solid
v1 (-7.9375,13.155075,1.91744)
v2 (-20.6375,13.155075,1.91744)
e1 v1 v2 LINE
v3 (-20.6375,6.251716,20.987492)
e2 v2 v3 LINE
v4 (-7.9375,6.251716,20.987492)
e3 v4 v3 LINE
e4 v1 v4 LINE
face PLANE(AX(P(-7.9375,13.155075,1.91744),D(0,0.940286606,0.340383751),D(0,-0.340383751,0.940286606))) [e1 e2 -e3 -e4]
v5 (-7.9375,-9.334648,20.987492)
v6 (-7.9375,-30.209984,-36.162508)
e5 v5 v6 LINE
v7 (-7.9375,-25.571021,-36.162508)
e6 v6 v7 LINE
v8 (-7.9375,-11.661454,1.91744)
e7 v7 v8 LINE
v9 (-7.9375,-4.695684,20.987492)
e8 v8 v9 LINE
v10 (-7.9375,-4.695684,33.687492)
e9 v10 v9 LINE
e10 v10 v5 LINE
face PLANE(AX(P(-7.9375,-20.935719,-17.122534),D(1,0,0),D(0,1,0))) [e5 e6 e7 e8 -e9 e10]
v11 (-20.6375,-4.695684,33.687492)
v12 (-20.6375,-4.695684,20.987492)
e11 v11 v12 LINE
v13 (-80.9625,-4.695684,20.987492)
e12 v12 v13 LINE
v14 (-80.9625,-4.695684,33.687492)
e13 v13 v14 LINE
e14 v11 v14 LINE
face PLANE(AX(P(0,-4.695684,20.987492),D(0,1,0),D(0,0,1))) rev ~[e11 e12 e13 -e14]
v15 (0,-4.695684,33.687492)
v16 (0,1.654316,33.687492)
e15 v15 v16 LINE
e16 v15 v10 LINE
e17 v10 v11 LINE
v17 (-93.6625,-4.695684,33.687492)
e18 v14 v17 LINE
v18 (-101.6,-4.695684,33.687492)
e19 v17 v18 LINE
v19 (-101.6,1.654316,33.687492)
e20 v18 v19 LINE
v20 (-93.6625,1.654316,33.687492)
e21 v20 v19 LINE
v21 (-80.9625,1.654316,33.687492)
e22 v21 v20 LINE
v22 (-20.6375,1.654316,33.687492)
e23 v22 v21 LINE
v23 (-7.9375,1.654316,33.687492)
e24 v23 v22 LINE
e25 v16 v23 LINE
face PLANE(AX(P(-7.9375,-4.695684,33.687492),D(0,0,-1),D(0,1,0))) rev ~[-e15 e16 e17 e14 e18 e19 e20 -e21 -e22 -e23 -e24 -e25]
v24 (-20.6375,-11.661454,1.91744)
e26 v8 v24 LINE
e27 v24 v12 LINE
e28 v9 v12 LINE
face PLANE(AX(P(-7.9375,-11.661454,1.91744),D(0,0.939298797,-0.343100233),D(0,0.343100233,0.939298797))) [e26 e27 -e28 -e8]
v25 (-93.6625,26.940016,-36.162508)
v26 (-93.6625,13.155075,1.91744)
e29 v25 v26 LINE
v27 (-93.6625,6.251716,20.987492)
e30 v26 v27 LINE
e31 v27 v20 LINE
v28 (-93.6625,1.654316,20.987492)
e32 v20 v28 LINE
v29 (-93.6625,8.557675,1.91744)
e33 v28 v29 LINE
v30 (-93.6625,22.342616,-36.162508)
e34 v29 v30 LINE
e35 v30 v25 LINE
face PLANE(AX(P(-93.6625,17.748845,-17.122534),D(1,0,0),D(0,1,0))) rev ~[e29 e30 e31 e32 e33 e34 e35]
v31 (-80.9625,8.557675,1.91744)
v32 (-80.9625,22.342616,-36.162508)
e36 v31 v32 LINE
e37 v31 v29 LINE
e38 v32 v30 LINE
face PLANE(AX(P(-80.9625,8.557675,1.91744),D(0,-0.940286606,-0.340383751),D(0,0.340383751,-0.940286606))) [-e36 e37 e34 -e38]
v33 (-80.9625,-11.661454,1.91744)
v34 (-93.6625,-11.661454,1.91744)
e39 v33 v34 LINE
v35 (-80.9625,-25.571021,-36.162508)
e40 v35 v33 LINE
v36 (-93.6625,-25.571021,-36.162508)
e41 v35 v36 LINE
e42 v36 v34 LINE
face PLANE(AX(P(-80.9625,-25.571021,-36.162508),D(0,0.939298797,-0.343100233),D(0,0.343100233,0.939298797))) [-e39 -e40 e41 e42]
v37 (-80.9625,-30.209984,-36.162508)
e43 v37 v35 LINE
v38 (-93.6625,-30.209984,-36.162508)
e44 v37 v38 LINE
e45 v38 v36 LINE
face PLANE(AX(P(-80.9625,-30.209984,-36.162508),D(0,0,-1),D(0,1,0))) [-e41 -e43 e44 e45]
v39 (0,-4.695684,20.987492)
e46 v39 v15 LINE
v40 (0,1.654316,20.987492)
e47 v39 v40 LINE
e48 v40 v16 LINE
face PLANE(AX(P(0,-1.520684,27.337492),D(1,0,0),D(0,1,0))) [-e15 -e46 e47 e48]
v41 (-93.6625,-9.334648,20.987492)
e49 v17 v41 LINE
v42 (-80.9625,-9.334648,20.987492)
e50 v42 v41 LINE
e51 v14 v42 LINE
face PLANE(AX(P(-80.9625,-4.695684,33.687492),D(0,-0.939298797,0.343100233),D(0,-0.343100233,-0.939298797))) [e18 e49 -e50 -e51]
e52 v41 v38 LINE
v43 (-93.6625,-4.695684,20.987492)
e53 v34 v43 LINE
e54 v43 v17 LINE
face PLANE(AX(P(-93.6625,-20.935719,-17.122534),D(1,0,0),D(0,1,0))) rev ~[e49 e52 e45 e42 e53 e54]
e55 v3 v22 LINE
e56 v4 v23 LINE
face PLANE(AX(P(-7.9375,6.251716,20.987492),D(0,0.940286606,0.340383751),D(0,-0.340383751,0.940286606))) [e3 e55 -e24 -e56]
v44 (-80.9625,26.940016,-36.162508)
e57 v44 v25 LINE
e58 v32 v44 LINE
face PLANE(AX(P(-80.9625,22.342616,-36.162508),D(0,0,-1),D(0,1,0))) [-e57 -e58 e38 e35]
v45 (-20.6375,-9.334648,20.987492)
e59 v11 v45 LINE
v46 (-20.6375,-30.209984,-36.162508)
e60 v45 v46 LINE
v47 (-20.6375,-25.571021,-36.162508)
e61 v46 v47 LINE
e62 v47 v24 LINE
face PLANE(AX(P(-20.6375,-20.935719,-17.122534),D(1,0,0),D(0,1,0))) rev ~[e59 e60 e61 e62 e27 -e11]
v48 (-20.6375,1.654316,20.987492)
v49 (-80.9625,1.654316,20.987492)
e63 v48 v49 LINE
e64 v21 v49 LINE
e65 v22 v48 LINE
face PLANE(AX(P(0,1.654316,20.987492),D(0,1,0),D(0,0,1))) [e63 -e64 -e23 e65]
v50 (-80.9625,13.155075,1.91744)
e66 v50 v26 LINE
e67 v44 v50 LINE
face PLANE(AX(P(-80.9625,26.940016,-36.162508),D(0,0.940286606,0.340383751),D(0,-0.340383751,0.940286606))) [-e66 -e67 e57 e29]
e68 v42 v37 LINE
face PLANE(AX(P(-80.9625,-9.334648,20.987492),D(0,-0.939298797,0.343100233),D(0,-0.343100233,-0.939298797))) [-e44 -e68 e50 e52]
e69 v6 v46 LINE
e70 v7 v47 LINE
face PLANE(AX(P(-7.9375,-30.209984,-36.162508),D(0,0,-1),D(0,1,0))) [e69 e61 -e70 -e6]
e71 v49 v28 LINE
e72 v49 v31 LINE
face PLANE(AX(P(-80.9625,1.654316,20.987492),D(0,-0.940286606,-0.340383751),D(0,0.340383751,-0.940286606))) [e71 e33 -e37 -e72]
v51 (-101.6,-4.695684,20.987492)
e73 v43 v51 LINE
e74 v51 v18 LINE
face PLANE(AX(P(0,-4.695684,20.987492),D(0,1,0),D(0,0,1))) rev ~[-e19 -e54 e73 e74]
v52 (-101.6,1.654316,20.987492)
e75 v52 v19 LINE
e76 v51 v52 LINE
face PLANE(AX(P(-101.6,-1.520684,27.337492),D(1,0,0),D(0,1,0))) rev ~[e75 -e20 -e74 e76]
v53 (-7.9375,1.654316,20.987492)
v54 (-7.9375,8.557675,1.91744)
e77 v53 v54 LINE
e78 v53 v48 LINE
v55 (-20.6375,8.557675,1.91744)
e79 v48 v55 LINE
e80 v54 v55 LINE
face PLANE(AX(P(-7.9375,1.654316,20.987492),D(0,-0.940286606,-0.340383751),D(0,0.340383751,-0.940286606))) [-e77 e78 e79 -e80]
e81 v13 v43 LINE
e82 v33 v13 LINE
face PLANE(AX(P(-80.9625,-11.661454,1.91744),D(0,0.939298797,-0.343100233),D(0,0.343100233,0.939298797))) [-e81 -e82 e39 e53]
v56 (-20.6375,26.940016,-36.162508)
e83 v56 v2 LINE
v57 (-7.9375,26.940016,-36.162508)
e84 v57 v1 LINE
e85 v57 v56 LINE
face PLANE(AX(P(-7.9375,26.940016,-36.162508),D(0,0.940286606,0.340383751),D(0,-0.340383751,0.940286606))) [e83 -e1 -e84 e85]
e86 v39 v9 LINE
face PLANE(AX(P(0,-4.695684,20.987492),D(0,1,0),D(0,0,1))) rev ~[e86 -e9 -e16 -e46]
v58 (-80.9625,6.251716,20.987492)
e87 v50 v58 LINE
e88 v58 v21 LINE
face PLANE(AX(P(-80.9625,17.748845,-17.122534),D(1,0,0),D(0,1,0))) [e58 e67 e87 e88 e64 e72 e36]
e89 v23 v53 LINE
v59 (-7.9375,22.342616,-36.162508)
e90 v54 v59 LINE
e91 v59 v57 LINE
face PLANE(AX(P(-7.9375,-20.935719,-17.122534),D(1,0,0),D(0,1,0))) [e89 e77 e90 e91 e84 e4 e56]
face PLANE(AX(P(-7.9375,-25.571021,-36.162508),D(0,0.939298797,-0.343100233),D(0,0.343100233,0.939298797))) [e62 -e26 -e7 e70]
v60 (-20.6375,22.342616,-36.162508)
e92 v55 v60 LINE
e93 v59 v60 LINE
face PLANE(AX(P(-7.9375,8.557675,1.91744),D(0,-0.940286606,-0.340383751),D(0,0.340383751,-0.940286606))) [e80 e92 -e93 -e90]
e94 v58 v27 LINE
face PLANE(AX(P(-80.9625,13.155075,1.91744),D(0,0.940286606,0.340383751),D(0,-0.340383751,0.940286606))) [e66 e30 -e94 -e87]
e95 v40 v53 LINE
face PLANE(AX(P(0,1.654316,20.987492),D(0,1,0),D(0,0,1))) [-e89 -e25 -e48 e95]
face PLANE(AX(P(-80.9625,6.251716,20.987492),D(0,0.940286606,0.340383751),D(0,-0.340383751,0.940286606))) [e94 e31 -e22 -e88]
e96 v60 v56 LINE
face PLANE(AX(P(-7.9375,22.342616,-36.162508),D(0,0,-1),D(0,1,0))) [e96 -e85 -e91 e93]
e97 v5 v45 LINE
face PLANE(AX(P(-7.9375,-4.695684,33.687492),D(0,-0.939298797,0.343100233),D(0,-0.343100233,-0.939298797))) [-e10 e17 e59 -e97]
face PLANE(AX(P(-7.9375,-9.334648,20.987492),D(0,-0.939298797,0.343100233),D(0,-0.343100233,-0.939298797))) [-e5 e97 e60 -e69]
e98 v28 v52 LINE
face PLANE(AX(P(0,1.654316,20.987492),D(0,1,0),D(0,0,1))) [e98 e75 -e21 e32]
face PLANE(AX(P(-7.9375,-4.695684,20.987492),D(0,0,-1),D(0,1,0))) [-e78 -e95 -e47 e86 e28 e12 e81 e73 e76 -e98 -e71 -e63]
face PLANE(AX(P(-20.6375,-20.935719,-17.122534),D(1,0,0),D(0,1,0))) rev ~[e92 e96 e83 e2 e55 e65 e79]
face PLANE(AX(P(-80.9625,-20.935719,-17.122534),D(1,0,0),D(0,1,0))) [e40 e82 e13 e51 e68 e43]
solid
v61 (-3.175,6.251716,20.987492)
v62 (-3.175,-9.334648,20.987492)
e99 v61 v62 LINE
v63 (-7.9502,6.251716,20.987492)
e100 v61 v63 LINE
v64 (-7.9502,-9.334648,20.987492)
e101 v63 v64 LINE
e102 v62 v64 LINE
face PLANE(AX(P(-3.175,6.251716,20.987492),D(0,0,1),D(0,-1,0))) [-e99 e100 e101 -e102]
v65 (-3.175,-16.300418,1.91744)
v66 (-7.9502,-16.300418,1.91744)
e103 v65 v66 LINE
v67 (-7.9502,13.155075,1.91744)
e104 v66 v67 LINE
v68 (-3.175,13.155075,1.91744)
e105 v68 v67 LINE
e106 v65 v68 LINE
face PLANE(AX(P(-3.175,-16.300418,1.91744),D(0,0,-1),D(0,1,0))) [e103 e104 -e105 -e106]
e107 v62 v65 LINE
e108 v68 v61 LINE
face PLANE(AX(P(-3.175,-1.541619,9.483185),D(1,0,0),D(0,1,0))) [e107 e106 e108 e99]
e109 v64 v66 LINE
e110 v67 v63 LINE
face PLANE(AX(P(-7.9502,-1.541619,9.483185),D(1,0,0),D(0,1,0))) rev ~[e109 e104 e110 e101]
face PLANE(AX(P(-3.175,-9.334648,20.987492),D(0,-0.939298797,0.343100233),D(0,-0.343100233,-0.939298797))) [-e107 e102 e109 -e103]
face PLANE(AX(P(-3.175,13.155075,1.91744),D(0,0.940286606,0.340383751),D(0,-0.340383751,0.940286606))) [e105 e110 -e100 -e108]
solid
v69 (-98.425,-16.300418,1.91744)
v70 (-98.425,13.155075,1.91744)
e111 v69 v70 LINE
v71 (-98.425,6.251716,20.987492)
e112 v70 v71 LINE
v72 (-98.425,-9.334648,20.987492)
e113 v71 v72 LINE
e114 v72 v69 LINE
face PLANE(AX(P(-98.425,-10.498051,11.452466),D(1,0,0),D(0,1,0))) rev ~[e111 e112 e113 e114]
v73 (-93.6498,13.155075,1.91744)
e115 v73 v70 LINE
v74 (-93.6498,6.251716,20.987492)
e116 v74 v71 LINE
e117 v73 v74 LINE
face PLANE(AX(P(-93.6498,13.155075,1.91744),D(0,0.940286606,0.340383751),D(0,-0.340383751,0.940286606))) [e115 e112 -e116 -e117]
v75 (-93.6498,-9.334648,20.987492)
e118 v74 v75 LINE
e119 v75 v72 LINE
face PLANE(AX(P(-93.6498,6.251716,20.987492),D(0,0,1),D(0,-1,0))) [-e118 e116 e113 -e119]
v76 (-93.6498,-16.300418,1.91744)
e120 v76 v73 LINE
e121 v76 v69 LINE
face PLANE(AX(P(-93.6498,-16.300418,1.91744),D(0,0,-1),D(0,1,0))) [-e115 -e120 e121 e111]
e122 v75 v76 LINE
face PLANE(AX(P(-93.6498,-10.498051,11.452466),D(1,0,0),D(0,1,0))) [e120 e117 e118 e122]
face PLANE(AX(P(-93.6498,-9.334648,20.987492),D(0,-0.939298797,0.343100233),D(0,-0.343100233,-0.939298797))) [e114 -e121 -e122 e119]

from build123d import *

# Parameters (mm, degrees)
F0_W     = 6.35
F0_H     = 12.7
F1_DEPTH = 101.6
F2_START = -7.9375
F2_DEPTH = 12.7
F3_START = -80.9625
F3_DEPTH = 12.7
F4_START = -3.175
F4_DEPTH = 4.7752
F5_START = -93.6498
F5_DEPTH = 4.7752


with BuildPart() as f1:
    # F0 (on Right) → F1 (new body)
    with BuildSketch(Plane.YZ):
        with Locations((-1.5206841388, 27.3374924831)):
            Rectangle(F0_W, F0_H)
    extrude(amount=-F1_DEPTH)

    # F0 (on Right) → F2 (join)
    with BuildSketch(Plane.YZ.offset(F2_START)):
        Polygon((-25.5710205025, -36.1625075169), (-11.6614542497, 1.9174399149), (-16.300417886, 1.9174399149), (-30.2099841388, -36.1625075169), align=None)
        Polygon((13.1550748908, 1.9174399149), (8.5576748908, 1.9174399149), (22.3426158612, -36.1625075169), (26.9400158612, -36.1625075169), align=None)
        Polygon((-4.6956841388, 20.9874924831), (-4.6956841388, 33.6874924831), (-9.3346477752, 20.9874924831), align=None)
        Polygon((6.2517158612, 20.9874924831), (1.6543158612, 33.6874924831), (1.6543158612, 20.9874924831), align=None)
        with Locations((-1.5206841388, 27.3374924831)):
            Rectangle(F0_W, F0_H)
        Polygon((-11.6614542497, 1.9174399149), (-4.6956841388, 20.9874924831), (-9.3346477752, 20.9874924831), (-16.300417886, 1.9174399149), align=None)
        Polygon((6.2517158612, 20.9874924831), (1.6543158612, 20.9874924831), (8.5576748908, 1.9174399149), (13.1550748908, 1.9174399149), align=None)
    extrude(amount=-F2_DEPTH)

    # F0 (on Right) → F3 (join)
    with BuildSketch(Plane.YZ.offset(F3_START)):
        Polygon((-25.5710205025, -36.1625075169), (-11.6614542497, 1.9174399149), (-16.300417886, 1.9174399149), (-30.2099841388, -36.1625075169), align=None)
        Polygon((13.1550748908, 1.9174399149), (8.5576748908, 1.9174399149), (22.3426158612, -36.1625075169), (26.9400158612, -36.1625075169), align=None)
        Polygon((6.2517158612, 20.9874924831), (1.6543158612, 20.9874924831), (8.5576748908, 1.9174399149), (13.1550748908, 1.9174399149), align=None)
        Polygon((-11.6614542497, 1.9174399149), (-4.6956841388, 20.9874924831), (-9.3346477752, 20.9874924831), (-16.300417886, 1.9174399149), align=None)
        Polygon((-4.6956841388, 20.9874924831), (-4.6956841388, 33.6874924831), (-9.3346477752, 20.9874924831), align=None)
        Polygon((6.2517158612, 20.9874924831), (1.6543158612, 33.6874924831), (1.6543158612, 20.9874924831), align=None)
    extrude(amount=-F3_DEPTH)


with BuildPart() as f4:
    # F0 (on Right) → F4 (new body)
    with BuildSketch(Plane.YZ.offset(F4_START)):
        Polygon((1.6543158612, 20.9874924831), (-4.6956841388, 20.9874924831), (-11.6614542497, 1.9174399149), (6.1924366594, 1.9174399149), (8.5576748908, 1.9174399149), align=None)
        Polygon((-11.6614542497, 1.9174399149), (-4.6956841388, 20.9874924831), (-9.3346477752, 20.9874924831), (-16.300417886, 1.9174399149), align=None)
        Polygon((6.2517158612, 20.9874924831), (1.6543158612, 20.9874924831), (8.5576748908, 1.9174399149), (13.1550748908, 1.9174399149), align=None)
    extrude(amount=-F4_DEPTH)


with BuildPart() as f5:
    # F0 (on Right) → F5 (new body)
    with BuildSketch(Plane.YZ.offset(F5_START)):
        Polygon((-11.6614542497, 1.9174399149), (-4.6956841388, 20.9874924831), (-9.3346477752, 20.9874924831), (-16.300417886, 1.9174399149), align=None)
        Polygon((1.6543158612, 20.9874924831), (-4.6956841388, 20.9874924831), (-11.6614542497, 1.9174399149), (6.1924366594, 1.9174399149), (8.5576748908, 1.9174399149), align=None)
        Polygon((6.2517158612, 20.9874924831), (1.6543158612, 20.9874924831), (8.5576748908, 1.9174399149), (13.1550748908, 1.9174399149), align=None)
    extrude(amount=-F5_DEPTH)


solid = Compound([f1.part, f4.part, f5.part])
